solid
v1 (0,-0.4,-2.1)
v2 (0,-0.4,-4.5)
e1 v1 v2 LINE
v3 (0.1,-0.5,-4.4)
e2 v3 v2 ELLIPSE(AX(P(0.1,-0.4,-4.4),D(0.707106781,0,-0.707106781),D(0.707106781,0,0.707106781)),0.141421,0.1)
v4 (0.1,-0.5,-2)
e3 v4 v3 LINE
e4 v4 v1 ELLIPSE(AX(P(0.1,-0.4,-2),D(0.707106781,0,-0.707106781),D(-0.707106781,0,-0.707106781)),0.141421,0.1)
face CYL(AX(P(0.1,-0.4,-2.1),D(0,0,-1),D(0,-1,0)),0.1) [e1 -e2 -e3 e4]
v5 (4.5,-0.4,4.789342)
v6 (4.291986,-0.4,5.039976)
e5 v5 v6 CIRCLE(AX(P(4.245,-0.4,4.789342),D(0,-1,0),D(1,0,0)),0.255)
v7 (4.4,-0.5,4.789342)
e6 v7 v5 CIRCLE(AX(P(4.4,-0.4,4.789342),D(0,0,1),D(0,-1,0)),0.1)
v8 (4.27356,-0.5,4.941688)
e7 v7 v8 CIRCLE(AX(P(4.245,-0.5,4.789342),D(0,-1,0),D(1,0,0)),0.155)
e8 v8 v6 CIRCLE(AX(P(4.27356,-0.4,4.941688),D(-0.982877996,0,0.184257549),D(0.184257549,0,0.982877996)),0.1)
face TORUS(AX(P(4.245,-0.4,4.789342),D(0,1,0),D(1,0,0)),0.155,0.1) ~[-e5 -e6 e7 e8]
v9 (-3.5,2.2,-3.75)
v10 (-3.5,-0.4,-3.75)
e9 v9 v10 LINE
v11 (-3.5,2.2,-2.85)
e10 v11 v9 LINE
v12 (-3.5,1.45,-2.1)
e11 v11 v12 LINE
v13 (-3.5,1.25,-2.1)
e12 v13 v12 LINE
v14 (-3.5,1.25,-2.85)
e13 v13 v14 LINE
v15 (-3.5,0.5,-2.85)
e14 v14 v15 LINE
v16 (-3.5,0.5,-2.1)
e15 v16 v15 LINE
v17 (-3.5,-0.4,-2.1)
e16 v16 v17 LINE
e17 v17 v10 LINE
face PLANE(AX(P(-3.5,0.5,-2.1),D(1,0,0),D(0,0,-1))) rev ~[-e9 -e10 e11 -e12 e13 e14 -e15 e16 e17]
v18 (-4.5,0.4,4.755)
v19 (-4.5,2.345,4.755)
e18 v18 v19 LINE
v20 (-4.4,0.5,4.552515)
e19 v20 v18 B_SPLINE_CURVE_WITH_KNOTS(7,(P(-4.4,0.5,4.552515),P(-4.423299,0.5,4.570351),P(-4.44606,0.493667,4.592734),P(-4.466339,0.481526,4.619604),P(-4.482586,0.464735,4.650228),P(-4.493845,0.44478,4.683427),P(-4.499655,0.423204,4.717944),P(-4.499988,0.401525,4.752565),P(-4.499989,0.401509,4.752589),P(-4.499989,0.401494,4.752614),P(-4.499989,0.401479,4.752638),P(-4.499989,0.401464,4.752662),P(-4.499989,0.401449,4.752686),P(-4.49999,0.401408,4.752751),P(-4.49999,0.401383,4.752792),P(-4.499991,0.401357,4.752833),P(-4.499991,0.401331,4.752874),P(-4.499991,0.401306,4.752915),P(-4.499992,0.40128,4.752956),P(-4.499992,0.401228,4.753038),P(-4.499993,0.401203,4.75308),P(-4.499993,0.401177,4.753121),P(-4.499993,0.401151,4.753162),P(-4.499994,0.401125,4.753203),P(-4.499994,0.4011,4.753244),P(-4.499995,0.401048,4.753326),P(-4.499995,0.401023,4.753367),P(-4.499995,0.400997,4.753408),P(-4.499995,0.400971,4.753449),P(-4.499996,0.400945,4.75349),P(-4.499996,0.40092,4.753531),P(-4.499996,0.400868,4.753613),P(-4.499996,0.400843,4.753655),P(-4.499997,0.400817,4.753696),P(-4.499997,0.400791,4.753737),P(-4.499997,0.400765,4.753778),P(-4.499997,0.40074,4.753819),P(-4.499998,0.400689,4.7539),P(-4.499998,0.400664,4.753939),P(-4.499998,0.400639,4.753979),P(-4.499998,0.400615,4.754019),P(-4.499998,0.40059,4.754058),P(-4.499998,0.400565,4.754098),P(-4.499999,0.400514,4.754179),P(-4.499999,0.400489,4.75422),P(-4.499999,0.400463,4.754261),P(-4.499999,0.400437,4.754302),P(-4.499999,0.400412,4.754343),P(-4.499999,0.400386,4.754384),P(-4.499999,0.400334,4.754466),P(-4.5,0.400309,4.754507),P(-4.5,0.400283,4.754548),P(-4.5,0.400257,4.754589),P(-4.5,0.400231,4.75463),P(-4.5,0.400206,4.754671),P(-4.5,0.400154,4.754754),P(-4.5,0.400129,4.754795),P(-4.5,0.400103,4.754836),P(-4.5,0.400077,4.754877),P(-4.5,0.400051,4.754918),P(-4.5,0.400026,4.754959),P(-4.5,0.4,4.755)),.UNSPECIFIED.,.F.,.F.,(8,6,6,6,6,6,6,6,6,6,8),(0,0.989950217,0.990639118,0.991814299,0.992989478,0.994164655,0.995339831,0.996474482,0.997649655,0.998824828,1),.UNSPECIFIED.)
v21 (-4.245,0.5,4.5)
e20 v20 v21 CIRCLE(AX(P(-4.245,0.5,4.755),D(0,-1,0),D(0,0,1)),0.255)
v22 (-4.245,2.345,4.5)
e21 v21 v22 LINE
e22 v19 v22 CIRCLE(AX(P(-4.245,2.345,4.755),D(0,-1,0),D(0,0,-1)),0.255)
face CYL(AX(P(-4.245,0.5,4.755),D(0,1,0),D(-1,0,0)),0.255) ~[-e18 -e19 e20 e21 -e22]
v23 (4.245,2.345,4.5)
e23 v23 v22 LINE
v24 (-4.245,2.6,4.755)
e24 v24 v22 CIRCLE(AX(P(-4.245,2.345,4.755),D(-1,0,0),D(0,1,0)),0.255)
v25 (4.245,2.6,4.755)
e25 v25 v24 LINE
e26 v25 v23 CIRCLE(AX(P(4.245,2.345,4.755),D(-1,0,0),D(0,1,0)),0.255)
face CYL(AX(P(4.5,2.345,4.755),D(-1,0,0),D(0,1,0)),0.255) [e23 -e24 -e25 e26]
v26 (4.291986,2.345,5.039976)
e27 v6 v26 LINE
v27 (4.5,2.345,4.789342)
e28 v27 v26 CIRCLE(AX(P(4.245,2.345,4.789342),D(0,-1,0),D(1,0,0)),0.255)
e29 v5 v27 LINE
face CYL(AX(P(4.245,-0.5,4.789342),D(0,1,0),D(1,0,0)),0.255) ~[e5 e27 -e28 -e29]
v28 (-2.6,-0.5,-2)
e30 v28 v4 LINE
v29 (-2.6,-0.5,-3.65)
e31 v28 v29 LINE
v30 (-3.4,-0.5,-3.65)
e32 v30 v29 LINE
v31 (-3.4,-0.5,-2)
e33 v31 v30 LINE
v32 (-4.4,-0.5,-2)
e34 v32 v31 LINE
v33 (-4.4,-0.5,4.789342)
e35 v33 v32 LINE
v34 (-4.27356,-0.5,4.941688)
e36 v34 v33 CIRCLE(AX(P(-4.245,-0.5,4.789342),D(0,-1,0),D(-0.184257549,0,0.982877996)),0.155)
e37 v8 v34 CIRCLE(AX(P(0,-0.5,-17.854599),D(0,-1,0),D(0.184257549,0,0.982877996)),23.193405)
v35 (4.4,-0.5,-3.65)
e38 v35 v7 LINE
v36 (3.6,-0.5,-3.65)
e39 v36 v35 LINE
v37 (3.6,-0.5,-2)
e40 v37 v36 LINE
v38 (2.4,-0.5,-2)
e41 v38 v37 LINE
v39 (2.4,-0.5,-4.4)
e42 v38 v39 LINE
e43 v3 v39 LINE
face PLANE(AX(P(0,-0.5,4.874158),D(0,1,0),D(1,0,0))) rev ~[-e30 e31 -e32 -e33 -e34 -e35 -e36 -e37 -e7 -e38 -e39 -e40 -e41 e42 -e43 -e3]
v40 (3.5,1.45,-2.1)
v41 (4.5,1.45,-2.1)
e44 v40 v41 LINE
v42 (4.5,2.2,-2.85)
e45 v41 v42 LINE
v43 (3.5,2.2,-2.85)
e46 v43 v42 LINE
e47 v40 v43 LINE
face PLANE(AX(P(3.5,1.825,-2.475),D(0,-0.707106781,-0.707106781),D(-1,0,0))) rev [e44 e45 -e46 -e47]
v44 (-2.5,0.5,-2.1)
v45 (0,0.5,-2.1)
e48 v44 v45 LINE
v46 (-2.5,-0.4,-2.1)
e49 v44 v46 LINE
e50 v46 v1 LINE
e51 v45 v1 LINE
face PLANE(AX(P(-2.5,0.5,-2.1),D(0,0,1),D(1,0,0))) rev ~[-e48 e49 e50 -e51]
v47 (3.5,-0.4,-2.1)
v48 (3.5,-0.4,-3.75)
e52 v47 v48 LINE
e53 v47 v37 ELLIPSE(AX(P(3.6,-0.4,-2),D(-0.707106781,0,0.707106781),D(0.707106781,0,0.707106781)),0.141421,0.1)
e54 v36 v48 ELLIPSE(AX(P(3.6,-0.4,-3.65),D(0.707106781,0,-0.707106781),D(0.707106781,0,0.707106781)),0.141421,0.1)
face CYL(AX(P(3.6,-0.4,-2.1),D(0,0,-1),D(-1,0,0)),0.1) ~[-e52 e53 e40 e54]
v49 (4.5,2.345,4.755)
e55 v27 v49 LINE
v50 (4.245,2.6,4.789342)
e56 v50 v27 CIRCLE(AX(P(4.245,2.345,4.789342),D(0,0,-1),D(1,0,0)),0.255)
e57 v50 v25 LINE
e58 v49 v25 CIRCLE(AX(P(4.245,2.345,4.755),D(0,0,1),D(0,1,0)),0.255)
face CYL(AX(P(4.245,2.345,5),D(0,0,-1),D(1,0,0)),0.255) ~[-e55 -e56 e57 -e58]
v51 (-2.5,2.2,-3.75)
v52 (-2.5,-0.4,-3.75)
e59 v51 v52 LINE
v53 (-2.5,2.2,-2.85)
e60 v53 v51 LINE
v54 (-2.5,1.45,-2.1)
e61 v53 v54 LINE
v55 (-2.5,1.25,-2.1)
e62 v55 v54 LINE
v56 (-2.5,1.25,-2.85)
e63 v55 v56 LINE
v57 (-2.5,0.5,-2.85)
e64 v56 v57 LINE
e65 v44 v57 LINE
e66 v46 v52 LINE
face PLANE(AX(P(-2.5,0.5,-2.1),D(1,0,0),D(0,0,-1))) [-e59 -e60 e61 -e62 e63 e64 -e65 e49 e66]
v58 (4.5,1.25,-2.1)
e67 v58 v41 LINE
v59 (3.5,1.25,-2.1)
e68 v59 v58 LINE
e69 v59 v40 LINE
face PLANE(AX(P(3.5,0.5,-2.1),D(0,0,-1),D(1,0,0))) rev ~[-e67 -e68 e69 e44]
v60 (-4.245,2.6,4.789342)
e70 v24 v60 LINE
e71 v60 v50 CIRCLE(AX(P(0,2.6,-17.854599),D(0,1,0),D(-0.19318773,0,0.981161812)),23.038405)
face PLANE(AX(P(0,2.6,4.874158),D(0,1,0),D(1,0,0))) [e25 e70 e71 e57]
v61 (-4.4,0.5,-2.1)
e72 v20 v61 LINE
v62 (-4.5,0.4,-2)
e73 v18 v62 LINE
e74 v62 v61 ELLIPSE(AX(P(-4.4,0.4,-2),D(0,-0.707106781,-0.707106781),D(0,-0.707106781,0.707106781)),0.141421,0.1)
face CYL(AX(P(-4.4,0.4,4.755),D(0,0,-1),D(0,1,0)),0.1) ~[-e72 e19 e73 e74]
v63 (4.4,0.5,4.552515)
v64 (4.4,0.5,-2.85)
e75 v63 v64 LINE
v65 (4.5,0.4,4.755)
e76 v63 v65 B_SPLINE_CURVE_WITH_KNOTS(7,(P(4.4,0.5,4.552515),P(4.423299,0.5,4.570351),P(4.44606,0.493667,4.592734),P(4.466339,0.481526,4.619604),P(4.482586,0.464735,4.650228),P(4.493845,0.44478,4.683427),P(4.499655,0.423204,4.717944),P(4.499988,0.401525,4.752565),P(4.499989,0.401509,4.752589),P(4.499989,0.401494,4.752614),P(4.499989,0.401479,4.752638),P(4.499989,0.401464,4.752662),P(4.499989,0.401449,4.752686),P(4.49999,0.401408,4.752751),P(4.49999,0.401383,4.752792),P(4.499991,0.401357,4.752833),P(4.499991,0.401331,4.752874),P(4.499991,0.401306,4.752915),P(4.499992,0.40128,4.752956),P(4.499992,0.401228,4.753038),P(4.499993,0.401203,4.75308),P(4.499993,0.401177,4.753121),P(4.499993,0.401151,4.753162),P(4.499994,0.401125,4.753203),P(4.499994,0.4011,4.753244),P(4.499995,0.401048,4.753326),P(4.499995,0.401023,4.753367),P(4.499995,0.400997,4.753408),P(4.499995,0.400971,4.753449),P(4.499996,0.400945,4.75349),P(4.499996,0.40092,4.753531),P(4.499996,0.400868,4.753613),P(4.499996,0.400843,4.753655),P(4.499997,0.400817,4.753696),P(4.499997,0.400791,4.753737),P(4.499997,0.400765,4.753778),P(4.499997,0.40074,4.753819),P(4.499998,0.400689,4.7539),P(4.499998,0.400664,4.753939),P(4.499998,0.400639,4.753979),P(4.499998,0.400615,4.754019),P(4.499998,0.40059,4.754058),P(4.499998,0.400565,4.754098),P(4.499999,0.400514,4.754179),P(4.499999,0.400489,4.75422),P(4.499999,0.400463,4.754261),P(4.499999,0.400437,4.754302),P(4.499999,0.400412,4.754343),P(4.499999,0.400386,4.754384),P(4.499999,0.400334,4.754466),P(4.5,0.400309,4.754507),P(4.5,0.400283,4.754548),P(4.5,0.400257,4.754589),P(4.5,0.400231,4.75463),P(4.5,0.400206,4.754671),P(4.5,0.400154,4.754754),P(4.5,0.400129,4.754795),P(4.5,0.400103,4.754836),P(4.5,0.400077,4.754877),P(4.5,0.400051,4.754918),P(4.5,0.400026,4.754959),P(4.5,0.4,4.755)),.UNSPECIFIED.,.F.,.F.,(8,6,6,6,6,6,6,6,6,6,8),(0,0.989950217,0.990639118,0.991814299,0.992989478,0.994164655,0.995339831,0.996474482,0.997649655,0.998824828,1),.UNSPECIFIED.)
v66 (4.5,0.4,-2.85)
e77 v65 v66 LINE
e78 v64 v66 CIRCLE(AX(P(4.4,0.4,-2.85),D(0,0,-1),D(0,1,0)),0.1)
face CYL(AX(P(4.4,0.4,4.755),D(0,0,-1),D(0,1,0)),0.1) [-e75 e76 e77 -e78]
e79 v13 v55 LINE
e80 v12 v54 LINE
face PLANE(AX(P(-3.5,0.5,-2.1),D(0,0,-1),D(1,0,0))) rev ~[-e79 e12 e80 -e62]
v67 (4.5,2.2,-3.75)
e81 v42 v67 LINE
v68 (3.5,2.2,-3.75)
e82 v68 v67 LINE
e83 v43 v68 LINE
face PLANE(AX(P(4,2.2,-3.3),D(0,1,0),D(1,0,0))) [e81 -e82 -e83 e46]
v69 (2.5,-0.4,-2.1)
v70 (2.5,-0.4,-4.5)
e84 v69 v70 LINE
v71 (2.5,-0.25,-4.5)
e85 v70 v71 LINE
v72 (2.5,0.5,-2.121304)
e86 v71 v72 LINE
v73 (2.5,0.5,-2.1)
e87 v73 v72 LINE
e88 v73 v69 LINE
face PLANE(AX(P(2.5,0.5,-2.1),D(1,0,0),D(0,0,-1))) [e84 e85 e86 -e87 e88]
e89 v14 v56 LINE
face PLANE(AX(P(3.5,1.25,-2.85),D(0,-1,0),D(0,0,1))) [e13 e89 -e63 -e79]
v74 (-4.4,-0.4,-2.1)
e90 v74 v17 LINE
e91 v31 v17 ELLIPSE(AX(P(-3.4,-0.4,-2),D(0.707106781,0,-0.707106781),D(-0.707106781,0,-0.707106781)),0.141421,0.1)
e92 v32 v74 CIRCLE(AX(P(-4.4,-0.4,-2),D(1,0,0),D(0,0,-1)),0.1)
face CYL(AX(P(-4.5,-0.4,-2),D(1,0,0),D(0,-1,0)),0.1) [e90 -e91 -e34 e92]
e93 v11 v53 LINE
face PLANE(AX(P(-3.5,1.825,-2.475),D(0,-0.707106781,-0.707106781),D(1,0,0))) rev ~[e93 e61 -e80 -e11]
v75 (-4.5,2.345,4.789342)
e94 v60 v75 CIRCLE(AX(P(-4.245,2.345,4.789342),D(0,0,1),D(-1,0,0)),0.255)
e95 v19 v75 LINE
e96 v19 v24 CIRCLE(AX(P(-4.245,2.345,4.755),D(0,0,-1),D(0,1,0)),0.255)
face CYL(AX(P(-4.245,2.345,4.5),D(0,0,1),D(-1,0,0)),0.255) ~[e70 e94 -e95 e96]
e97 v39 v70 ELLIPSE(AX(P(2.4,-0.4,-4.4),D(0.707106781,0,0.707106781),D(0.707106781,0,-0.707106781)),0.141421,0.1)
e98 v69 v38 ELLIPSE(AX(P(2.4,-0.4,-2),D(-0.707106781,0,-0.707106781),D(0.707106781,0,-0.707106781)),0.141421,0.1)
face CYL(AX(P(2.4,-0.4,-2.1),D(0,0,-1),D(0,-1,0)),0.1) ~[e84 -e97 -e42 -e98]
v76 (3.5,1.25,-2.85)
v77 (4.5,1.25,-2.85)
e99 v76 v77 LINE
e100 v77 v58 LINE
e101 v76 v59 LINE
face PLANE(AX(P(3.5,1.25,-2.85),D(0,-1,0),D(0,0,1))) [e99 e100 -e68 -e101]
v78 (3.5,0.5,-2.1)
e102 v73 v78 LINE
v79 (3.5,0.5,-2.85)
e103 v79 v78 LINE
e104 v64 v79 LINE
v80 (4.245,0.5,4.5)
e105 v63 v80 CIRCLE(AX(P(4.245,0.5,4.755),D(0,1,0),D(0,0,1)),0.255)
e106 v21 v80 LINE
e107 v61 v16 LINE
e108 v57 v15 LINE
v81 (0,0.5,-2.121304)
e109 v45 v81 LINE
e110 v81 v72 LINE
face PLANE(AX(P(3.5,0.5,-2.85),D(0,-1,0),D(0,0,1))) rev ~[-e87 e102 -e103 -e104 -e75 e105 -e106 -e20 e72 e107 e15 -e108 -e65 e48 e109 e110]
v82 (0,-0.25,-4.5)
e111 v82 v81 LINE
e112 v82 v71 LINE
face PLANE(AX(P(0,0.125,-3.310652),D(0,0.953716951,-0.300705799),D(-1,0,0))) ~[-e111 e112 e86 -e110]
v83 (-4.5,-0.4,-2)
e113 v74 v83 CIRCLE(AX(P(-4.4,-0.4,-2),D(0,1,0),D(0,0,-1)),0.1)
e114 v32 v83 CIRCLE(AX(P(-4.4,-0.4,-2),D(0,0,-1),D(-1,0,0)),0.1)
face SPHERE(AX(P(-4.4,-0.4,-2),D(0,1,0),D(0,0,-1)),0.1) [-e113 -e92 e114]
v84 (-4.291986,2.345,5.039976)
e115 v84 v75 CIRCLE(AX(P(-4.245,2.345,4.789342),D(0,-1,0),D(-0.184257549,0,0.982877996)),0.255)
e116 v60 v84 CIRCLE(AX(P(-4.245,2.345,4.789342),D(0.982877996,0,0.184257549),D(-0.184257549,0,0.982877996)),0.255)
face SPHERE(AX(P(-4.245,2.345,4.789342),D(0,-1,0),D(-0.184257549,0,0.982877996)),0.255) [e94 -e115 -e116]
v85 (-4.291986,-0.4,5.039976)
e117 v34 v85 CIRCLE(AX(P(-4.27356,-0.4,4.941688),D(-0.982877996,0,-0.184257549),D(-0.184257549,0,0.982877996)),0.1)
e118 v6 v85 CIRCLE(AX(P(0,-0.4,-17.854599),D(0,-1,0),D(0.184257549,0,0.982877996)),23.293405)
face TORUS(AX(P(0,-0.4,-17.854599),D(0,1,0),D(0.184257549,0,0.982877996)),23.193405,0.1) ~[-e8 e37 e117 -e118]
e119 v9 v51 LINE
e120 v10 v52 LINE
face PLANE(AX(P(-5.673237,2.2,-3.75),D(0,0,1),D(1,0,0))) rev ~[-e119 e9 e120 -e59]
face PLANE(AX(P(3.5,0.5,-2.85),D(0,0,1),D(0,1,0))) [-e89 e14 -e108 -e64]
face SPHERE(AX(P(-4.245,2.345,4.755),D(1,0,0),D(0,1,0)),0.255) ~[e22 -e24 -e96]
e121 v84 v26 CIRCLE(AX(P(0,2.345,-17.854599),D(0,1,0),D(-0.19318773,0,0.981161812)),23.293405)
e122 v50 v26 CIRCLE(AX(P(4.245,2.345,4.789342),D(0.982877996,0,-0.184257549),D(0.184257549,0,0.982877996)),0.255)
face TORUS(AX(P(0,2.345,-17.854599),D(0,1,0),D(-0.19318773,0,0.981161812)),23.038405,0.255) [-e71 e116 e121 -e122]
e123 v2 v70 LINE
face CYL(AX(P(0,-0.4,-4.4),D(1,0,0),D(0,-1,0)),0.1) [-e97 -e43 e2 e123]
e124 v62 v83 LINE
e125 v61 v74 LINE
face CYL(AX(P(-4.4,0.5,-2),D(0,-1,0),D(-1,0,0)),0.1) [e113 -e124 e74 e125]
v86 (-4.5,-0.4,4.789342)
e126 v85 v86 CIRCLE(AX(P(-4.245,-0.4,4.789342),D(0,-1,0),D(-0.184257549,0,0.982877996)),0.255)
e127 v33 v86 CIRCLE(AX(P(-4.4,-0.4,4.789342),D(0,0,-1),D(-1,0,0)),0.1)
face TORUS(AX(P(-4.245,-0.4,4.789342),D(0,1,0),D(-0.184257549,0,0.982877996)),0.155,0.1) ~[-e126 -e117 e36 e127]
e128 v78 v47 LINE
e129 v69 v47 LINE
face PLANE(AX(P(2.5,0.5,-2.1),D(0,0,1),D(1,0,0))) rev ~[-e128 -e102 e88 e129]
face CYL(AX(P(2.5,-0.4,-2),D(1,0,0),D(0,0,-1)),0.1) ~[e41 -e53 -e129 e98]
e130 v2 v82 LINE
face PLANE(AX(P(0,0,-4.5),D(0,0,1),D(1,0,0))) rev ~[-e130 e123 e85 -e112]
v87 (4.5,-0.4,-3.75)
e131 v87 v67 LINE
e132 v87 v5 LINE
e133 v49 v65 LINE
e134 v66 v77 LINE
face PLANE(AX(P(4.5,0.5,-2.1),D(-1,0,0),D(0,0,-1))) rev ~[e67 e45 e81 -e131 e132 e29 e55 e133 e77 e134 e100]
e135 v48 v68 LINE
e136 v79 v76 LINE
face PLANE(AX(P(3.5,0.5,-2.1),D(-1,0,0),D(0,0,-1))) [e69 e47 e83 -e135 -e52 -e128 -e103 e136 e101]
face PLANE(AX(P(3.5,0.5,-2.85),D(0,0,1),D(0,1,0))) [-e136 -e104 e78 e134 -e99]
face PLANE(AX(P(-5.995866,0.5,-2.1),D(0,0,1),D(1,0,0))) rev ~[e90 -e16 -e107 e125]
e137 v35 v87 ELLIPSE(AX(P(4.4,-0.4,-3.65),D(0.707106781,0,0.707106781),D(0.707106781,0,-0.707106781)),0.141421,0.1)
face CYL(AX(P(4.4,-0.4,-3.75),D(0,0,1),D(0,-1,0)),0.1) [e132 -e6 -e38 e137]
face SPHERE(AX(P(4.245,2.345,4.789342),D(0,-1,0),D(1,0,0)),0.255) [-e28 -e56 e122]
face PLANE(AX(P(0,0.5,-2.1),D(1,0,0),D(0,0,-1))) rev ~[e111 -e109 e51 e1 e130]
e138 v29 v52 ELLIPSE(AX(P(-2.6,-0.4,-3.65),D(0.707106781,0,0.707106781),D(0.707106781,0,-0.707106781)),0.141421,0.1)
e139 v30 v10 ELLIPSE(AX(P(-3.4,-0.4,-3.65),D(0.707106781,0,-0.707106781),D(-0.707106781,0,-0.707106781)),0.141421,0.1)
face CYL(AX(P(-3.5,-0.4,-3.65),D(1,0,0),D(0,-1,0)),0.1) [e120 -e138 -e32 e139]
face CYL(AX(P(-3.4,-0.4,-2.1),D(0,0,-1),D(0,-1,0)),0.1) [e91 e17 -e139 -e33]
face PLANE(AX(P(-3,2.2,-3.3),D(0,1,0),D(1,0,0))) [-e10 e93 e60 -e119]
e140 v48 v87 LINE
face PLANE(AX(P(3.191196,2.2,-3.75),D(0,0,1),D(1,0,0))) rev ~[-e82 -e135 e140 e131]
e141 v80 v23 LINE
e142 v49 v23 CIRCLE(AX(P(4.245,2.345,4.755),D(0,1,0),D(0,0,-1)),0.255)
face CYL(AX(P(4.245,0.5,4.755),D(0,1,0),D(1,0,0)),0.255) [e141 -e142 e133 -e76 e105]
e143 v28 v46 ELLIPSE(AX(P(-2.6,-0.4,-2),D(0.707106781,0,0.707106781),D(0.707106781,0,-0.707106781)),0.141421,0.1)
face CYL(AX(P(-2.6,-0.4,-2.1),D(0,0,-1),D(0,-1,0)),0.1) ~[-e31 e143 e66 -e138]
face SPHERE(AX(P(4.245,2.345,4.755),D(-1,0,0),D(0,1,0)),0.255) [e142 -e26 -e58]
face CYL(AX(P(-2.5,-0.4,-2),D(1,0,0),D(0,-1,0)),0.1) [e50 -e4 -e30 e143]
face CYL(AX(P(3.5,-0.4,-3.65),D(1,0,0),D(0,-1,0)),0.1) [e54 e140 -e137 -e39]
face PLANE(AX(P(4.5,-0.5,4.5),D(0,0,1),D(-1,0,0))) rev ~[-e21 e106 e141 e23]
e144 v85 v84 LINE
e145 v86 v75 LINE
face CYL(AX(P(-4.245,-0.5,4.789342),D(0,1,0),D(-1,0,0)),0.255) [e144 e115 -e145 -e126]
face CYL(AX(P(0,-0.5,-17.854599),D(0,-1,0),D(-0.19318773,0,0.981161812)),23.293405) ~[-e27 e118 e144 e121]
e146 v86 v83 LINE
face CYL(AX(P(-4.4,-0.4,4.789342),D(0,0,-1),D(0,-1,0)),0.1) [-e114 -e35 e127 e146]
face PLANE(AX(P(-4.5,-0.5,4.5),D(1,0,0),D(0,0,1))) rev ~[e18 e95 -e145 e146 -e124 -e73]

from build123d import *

# Parameters (mm, degrees)
SKETCH1_W                = 9
SKETCH1_H                = 1
BOSS_EXTRUDE1_DEPTH      = 4.5
BOSS_EXTRUDE2_DEPTH      = 2.1
BOSS_EXTRUDE2_DEPTH_BACK = 1
FILLET1_R                = 0.255
SKETCH3_W                = 1
SKETCH3_H                = 3.438773138
SKETCH3_W_2              = 2.5
SKETCH3_H_2              = 3.613088827
SKETCH3_W_3              = 2.495866097
SKETCH3_H_3              = 3.882485801
CUT_EXTRUDE1_DEPTH       = 9
CHAMFER1_SIZE            = 0.75
CHAMFER1_SIZE2           = 2.378696102
SKETCH4_W                = 1
SKETCH4_H                = 2.4
BOSS_EXTRUDE3_DEPTH      = 1.7
SKETCH5_W                = 0.75
SKETCH5_H                = 0.75
CUT_EXTRUDE2_DEPTH       = 10.85
CHAMFER2_SIZE            = 0.75
SKETCH6_W                = 3.885576696
SKETCH6_H                = 1.699016426
SKETCH6_W_2              = 2.747974394
SKETCH6_H_2              = 0.842121185
CUT_EXTRUDE3_DEPTH       = 21.7
FILLET2_R                = 0.1


with BuildPart() as part:
    # Sketch1 → Boss-Extrude1 (new, symmetric)
    with BuildSketch(Plane.XY):
        Rectangle(SKETCH1_W, SKETCH1_H)
    extrude(amount=BOSS_EXTRUDE1_DEPTH, both=True)

    # Sketch2 → Boss-Extrude2 (add, two sides: drawn at the far end of the back side and taken through both)
    with BuildSketch(Plane(origin=(0, 0.5, 0), x_dir=(1, 0, 0), z_dir=(0, 1, 0)).offset(-BOSS_EXTRUDE2_DEPTH_BACK)):
        with BuildLine():
            Line((-4.5, -4.5), (-4.5, -5))
            ThreePointArc((-4.5, -5), (0, -5.438805544), (4.5, -5))
            Line((4.5, -5), (4.5, -4.5))
            Line((4.5, -4.5), (-4.5, -4.5))
        make_face()
    extrude(amount=BOSS_EXTRUDE2_DEPTH + BOSS_EXTRUDE2_DEPTH_BACK)

    # Fillet1
    fillet1_edges = [part.edges().sort_by_distance(p)[0] for p in [
        (0, 2.6, 4.5),
        (4.5, 2.6, 4.75),
        (0, 2.6, 5.438805544),
        (-4.5, 2.6, 4.75),
        (4.5, 1.55, 4.5),
        (-4.5, 1.55, 4.5),
        (4.5, 1.05, 5),
        (-4.5, 1.05, 5),
    ]]
    fillet(fillet1_edges, radius=FILLET1_R)

    # Sketch3 → Cut-Extrude1 (cut)
    with BuildSketch(Plane(origin=(0, 0.5, 0), x_dir=(1, 0, 0), z_dir=(0, 1, 0))):
        with Locations((3, 3.819386569)):
            Rectangle(SKETCH3_W, SKETCH3_H)
        with Locations((-1.25, 3.906544413)):
            Rectangle(SKETCH3_W_2, SKETCH3_H_2)
        with Locations((-4.747933049, 4.041242901)):
            Rectangle(SKETCH3_W_3, SKETCH3_H_3)
    extrude(amount=-CUT_EXTRUDE1_DEPTH, mode=Mode.SUBTRACT)

    # Chamfer1
    chamfer1_edges = [part.edges().sort_by_distance(p)[0] for p in [
        (1.25, 0.5, -4.5),
    ]]
    chamfer1_side = [part.faces().sort_by_distance(p)[0] for p in [
        (1.25, 0, -4.5),
    ]]
    chamfer(chamfer1_edges, length=CHAMFER1_SIZE, length2=CHAMFER1_SIZE2, reference=chamfer1_side[0])

    # Sketch4 → Boss-Extrude3 (add)
    with BuildSketch(Plane(origin=(0, 0.5, 0), x_dir=(1, 0, 0), z_dir=(0, 1, 0))):
        with Locations((4, 3.3)):
            Rectangle(SKETCH4_W, SKETCH4_H)
        with Locations((-3, 3.3)):
            Rectangle(SKETCH4_W, SKETCH4_H)
    extrude(amount=BOSS_EXTRUDE3_DEPTH)

    # Sketch5 → Cut-Extrude2 (cut, symmetric)
    with BuildSketch(Plane.ZY.offset(-3.5)):
        with Locations((-2.475, 0.875)):
            Rectangle(SKETCH5_W, SKETCH5_H)
    extrude(amount=CUT_EXTRUDE2_DEPTH, both=True, mode=Mode.SUBTRACT)

    # Chamfer2
    chamfer2_edges = [part.edges().sort_by_distance(p)[0] for p in [
        (4, 2.2, -2.1),
        (-3, 2.2, -2.1),
    ]]
    chamfer(chamfer2_edges, length=CHAMFER2_SIZE)

    # Sketch6 → Cut-Extrude3 (cut)
    with BuildSketch(Plane(origin=(0, 2.2, 0), x_dir=(1, 0, 0), z_dir=(0, 1, 0))):
        with Locations((-3.730449109, 4.599508213)):
            Rectangle(SKETCH6_W, SKETCH6_H)
        with Locations((4.565183266, 4.171060592)):
            Rectangle(SKETCH6_W_2, SKETCH6_H_2)
    extrude(amount=-CUT_EXTRUDE3_DEPTH, mode=Mode.SUBTRACT)

    # Fillet2
    fillet2_edges = [part.edges().sort_by_distance(p)[0] for p in [
        (-3.5, -0.5, -2.925),
        (-4.5, 0, -2.1),
        (-4, -0.5, -2.1),
        (-2.5, -0.5, -2.925),
        (-3, -0.5, -3.75),
        (4, -0.5, -3.75),
        (4.5, -0.5, 0.519670946),
        (0, -0.5, 5.438805544),
        (-4.5, -0.5, 1.344670946),
        (-4.441222256, -0.5, 4.952197123),
        (4.441222256, -0.5, 4.952197123),
        (-4.5, 0.5, 1.3275),
        (3, -0.5, -2.1),
        (4.5, 0.5, 0.9525),
        (2.5, -0.5, -3.3),
        (3.5, -0.5, -2.925),
        (1.25, -0.5, -4.5),
        (0, -0.5, -3.3),
        (-1.25, -0.5, -2.1),
    ]]
    fillet(fillet2_edges, radius=FILLET2_R)


solid = part.part
